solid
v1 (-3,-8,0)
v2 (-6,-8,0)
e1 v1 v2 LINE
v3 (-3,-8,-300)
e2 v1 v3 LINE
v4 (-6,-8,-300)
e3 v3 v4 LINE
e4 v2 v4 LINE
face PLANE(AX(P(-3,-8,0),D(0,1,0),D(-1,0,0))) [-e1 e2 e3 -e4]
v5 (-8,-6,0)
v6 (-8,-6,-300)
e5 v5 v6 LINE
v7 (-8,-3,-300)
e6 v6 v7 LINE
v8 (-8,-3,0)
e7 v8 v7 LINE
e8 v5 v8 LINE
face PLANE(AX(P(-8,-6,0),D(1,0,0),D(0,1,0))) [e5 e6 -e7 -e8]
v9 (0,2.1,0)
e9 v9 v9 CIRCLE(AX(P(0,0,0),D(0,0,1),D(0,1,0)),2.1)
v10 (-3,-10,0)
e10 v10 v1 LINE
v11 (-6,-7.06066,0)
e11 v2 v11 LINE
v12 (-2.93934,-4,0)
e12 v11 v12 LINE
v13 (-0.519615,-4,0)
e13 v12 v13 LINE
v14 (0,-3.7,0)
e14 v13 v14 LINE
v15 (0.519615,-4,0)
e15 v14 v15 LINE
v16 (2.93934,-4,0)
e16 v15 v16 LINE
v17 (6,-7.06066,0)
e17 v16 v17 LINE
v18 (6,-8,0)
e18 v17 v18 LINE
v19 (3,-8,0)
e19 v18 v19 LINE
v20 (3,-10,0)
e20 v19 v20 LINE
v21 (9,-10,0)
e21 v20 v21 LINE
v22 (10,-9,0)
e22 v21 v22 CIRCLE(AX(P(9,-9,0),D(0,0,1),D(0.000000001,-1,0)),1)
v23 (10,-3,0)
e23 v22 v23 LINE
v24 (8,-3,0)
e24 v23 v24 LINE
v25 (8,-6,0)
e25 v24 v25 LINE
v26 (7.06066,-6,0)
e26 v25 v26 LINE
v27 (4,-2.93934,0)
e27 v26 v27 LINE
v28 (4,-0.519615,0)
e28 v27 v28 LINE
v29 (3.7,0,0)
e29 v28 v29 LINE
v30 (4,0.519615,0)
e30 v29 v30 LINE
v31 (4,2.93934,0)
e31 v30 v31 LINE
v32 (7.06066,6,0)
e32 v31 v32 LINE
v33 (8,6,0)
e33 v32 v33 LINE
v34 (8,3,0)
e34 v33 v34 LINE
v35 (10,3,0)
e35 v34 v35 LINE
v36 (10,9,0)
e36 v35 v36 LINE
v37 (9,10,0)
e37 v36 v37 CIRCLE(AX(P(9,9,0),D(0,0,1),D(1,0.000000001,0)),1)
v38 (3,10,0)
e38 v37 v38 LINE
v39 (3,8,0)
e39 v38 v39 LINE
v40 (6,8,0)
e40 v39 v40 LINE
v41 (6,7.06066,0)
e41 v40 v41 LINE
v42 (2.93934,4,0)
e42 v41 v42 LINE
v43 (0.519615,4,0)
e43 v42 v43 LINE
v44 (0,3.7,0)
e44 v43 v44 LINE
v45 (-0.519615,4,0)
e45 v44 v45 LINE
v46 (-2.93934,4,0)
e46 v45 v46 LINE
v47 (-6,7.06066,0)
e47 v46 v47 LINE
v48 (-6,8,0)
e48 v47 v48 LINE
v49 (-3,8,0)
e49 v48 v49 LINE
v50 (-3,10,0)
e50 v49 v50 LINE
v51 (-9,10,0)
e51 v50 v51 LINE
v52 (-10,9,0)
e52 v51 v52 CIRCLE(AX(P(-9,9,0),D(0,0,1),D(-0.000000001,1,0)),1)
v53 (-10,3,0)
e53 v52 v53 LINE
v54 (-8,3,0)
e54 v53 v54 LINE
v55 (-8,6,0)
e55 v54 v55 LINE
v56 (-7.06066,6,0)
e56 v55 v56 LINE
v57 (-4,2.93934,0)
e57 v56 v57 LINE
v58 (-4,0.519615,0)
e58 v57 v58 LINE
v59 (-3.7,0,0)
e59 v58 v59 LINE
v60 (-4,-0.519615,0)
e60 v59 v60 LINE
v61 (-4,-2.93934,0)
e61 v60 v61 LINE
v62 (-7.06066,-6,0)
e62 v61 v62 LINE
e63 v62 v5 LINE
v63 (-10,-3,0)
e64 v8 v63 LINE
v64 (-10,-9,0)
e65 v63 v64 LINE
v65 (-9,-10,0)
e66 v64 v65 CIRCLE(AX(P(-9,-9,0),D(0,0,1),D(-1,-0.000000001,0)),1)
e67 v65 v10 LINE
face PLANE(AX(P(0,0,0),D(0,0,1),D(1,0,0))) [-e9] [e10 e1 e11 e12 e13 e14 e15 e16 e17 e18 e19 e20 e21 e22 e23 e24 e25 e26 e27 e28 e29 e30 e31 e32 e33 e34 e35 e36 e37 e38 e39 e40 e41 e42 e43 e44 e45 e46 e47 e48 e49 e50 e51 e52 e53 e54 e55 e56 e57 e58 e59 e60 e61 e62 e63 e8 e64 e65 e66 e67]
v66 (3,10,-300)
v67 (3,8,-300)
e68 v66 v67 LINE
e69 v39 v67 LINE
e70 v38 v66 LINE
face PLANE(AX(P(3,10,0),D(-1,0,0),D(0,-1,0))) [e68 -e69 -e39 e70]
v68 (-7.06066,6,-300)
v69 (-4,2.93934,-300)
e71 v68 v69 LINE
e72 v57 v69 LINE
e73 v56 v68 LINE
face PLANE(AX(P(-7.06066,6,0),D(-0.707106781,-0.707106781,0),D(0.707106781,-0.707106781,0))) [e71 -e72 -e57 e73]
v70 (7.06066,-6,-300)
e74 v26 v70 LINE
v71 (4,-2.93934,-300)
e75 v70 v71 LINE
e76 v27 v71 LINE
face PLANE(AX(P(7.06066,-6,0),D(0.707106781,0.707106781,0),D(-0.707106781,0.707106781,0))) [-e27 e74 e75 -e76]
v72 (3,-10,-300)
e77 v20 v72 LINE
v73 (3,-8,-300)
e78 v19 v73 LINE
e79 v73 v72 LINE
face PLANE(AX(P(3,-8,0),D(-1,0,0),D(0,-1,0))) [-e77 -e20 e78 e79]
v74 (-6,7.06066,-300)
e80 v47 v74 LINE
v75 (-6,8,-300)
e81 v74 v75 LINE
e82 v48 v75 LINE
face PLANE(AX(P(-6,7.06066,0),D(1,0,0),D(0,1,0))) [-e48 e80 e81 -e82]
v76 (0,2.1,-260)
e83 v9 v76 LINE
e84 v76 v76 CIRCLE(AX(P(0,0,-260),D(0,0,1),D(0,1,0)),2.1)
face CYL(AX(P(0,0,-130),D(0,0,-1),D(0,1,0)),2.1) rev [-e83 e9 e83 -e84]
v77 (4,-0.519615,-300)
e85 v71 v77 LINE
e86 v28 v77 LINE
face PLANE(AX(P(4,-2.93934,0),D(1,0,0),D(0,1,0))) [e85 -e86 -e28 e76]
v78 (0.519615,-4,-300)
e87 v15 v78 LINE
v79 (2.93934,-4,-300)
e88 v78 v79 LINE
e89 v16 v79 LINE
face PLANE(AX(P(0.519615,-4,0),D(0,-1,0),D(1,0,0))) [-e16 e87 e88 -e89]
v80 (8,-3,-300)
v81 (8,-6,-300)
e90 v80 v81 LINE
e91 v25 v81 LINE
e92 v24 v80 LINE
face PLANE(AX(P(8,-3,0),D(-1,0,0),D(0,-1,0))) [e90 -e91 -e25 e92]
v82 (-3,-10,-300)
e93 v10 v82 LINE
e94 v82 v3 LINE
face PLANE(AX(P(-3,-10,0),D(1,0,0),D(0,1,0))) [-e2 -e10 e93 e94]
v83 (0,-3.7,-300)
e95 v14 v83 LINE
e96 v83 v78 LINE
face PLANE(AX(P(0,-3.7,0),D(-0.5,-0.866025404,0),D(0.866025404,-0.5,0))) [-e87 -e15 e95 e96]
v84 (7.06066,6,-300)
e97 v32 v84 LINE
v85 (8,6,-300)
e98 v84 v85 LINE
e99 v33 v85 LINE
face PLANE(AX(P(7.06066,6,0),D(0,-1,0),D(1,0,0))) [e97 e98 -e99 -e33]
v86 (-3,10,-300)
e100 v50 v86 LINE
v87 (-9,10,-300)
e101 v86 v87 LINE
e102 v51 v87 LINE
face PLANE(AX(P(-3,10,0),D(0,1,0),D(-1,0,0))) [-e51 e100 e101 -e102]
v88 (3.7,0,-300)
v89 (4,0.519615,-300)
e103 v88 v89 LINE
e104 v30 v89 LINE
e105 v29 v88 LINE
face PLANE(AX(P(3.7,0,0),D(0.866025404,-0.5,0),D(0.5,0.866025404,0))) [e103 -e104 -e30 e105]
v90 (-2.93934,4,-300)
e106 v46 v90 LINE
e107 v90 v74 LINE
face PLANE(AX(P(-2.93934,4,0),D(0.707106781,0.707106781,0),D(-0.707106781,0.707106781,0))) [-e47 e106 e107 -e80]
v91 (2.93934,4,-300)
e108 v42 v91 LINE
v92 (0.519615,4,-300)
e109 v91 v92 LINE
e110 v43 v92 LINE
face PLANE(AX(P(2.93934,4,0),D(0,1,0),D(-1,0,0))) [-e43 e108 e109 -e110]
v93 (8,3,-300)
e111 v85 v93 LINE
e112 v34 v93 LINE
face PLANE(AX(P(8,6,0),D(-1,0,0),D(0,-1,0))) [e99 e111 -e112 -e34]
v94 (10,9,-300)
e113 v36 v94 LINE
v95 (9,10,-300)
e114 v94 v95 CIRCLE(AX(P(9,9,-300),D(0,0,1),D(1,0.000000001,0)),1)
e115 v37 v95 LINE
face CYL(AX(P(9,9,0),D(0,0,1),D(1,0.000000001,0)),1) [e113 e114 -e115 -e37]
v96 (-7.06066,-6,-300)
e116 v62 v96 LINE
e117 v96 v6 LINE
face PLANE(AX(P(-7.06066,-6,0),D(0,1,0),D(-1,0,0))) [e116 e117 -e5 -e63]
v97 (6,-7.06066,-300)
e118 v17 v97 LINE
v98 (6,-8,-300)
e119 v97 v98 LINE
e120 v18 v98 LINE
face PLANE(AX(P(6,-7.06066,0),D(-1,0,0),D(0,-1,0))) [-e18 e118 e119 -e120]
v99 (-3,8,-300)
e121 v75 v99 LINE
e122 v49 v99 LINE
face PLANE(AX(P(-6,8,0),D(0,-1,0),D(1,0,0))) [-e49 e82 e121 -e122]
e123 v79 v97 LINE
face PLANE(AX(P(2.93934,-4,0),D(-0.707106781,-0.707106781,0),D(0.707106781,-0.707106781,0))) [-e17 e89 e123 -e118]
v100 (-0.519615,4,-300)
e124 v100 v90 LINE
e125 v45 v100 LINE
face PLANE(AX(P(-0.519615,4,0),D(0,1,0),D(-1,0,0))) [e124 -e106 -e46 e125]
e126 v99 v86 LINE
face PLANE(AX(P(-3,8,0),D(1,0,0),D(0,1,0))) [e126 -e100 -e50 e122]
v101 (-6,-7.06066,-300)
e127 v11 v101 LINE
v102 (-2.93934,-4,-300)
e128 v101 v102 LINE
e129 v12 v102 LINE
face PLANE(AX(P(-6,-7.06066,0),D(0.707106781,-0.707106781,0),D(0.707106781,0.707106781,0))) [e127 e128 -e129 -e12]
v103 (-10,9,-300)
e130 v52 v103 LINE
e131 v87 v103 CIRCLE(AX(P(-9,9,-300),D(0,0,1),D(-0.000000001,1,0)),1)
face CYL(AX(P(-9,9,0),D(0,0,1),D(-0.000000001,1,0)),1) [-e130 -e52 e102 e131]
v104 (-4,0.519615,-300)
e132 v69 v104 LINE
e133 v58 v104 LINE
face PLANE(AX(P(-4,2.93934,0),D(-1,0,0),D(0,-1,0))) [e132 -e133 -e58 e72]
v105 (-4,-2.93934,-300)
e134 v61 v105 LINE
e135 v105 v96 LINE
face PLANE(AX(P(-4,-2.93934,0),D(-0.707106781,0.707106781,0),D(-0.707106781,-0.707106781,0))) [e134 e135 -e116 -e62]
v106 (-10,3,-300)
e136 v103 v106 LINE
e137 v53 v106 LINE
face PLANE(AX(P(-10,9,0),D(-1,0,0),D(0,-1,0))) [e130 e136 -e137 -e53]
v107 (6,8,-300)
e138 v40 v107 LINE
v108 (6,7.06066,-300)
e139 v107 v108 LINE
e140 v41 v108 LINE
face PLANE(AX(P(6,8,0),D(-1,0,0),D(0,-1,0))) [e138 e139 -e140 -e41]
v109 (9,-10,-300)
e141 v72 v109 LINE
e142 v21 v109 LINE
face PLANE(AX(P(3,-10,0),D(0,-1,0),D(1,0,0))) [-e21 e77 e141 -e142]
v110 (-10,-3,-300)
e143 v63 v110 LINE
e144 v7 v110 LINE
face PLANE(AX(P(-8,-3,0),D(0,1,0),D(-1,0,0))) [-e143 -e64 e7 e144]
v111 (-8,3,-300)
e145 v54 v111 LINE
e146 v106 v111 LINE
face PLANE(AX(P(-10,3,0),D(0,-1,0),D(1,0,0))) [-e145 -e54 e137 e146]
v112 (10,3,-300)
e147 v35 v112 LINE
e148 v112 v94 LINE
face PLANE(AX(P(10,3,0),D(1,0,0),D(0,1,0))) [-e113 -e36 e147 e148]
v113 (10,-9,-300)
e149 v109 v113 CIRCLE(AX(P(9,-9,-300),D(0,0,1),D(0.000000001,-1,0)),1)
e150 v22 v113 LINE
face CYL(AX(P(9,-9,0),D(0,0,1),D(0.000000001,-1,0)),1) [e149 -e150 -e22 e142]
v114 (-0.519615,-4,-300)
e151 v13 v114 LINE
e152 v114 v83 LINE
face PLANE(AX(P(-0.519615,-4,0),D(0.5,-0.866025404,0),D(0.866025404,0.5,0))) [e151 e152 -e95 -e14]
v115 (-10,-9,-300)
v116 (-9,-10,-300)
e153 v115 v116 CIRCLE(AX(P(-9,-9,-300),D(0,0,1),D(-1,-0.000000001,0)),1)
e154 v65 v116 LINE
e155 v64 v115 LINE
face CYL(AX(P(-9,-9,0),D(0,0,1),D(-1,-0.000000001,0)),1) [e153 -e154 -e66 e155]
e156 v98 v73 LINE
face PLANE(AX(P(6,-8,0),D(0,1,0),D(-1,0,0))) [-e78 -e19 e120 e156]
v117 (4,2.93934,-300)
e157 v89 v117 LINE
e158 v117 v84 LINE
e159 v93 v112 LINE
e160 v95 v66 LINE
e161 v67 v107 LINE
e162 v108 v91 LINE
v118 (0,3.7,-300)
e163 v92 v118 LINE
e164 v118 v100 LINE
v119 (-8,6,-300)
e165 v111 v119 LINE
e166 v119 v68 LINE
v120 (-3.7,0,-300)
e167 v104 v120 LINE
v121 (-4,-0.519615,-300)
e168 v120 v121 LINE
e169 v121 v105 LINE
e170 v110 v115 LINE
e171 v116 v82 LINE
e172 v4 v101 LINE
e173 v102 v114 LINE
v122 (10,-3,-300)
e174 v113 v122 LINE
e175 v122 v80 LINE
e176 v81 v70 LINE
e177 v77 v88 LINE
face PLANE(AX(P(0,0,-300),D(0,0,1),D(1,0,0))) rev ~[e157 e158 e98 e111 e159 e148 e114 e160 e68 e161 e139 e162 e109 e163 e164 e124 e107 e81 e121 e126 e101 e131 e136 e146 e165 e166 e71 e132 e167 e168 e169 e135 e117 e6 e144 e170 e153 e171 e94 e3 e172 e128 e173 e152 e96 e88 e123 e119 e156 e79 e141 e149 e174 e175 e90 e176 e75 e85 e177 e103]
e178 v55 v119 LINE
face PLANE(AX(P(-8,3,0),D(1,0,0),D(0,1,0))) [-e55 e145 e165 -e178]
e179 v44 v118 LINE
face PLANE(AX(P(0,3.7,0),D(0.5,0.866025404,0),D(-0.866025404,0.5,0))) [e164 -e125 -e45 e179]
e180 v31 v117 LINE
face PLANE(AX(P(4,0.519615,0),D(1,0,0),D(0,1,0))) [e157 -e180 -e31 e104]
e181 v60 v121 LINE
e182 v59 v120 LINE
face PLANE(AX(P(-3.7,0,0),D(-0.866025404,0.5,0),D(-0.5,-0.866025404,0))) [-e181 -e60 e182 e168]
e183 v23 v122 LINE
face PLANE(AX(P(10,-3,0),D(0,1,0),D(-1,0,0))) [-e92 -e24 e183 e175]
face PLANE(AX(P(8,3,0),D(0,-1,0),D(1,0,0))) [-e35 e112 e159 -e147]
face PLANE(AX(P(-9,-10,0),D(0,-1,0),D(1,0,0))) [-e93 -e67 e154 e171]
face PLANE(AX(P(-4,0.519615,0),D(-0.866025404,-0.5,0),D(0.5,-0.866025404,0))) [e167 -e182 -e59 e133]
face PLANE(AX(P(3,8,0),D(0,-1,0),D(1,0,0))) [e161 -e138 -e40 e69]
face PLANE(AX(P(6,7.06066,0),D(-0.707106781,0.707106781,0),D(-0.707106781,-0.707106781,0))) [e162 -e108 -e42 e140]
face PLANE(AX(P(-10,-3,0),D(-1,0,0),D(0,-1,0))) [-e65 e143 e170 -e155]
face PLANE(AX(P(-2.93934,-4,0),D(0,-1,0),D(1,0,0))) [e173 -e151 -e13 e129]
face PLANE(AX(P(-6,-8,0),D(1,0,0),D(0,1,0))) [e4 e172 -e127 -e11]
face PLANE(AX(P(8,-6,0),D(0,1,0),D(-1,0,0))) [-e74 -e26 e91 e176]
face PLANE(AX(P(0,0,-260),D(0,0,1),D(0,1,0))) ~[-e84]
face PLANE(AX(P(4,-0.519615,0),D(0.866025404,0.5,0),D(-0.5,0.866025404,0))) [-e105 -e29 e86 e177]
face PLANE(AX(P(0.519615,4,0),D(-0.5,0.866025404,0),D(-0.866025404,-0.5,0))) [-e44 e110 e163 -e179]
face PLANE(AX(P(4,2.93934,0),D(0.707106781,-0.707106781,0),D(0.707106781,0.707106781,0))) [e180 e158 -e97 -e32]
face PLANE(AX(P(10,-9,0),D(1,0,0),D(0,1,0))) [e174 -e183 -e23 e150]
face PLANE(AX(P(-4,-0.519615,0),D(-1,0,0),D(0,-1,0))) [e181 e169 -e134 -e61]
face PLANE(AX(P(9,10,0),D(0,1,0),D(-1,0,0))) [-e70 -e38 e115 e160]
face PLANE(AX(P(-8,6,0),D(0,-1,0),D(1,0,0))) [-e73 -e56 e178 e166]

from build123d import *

# Parameters (mm, degrees)
EXTRUDE_1_DEPTH = 300
SKETCH_2_W      = 260
SKETCH_2_H      = 2.1


with BuildPart() as part:
    # ｽｹｯﾁ1 → ﾎﾞｽ - 押し出し1 (new body)
    with BuildSketch(Plane.XY):
        with BuildLine():
            Line((-10, -3), (-10, -9))
            ThreePointArc((-10, -9), (-9.707106781, -9.707106781), (-9, -10))
            Line((-9, -10), (-3, -10))
            Line((-3, -10), (-3, -8))
            Line((-3, -8), (-6, -8))
            Line((-6, -8), (-6, -7.060660172))
            Line((-6, -7.060660172), (-2.939339828, -4))
            Line((-2.939339828, -4), (-0.519615242, -4))
            Line((-0.519615242, -4), (0, -3.7))
            Line((0, -3.7), (0.519615242, -4))
            Line((0.519615242, -4), (2.939339828, -4))
            Line((2.939339828, -4), (6, -7.060660172))
            Line((6, -7.060660172), (6, -8))
            Line((6, -8), (3, -8))
            Line((3, -8), (3, -10))
            Line((3, -10), (9, -10))
            ThreePointArc((9, -10), (9.707106781, -9.707106781), (10, -9))
            Line((10, -9), (10, -3))
            Line((10, -3), (8, -3))
            Line((8, -3), (8, -6))
            Line((8, -6), (7.060660172, -6))
            Line((7.060660172, -6), (4, -2.939339828))
            Line((4, -2.939339828), (4, -0.519615242))
            Line((4, -0.519615242), (3.7, 0))
            Line((3.7, 0), (4, 0.519615242))
            Line((4, 0.519615242), (4, 2.939339828))
            Line((4, 2.939339828), (7.060660172, 6))
            Line((7.060660172, 6), (8, 6))
            Line((8, 6), (8, 3))
            Line((8, 3), (10, 3))
            Line((10, 3), (10, 9))
            ThreePointArc((10, 9), (9.707106781, 9.707106781), (9, 10))
            Line((9, 10), (3, 10))
            Line((3, 10), (3, 8))
            Line((3, 8), (6, 8))
            Line((6, 8), (6, 7.060660172))
            Line((6, 7.060660172), (2.939339828, 4))
            Line((2.939339828, 4), (0.519615242, 4))
            Line((0.519615242, 4), (0, 3.7))
            Line((0, 3.7), (-0.519615242, 4))
            Line((-0.519615242, 4), (-2.939339828, 4))
            Line((-2.939339828, 4), (-6, 7.060660172))
            Line((-6, 7.060660172), (-6, 8))
            Line((-6, 8), (-3, 8))
            Line((-3, 8), (-3, 10))
            Line((-3, 10), (-9, 10))
            ThreePointArc((-9, 10), (-9.707106781, 9.707106781), (-10, 9))
            Line((-10, 9), (-10, 3))
            Line((-10, 3), (-8, 3))
            Line((-8, 3), (-8, 6))
            Line((-8, 6), (-7.060660172, 6))
            Line((-7.060660172, 6), (-4, 2.939339828))
            Line((-4, 2.939339828), (-4, 0.519615242))
            Line((-4, 0.519615242), (-3.7, 0))
            Line((-3.7, 0), (-4, -0.519615242))
            Line((-4, -0.519615242), (-4, -2.939339828))
            Line((-4, -2.939339828), (-7.060660172, -6))
            Line((-7.060660172, -6), (-8, -6))
            Line((-8, -6), (-8, -3))
            Line((-8, -3), (-10, -3))
        make_face()
    extrude(amount=-EXTRUDE_1_DEPTH)

    # ｽｹｯﾁ2 → ｶｯﾄ - 回転1 (revolve, cut)
    with BuildSketch(Plane(origin=(0, 0, 0), x_dir=(0, 0, -1), z_dir=(1, 0, 0))):
        with Locations((130, 1.05)):
            Rectangle(SKETCH_2_W, SKETCH_2_H)
    revolve(axis=Axis((0, 0, -260), (0, 0, 1)), mode=Mode.SUBTRACT)


solid = part.part
